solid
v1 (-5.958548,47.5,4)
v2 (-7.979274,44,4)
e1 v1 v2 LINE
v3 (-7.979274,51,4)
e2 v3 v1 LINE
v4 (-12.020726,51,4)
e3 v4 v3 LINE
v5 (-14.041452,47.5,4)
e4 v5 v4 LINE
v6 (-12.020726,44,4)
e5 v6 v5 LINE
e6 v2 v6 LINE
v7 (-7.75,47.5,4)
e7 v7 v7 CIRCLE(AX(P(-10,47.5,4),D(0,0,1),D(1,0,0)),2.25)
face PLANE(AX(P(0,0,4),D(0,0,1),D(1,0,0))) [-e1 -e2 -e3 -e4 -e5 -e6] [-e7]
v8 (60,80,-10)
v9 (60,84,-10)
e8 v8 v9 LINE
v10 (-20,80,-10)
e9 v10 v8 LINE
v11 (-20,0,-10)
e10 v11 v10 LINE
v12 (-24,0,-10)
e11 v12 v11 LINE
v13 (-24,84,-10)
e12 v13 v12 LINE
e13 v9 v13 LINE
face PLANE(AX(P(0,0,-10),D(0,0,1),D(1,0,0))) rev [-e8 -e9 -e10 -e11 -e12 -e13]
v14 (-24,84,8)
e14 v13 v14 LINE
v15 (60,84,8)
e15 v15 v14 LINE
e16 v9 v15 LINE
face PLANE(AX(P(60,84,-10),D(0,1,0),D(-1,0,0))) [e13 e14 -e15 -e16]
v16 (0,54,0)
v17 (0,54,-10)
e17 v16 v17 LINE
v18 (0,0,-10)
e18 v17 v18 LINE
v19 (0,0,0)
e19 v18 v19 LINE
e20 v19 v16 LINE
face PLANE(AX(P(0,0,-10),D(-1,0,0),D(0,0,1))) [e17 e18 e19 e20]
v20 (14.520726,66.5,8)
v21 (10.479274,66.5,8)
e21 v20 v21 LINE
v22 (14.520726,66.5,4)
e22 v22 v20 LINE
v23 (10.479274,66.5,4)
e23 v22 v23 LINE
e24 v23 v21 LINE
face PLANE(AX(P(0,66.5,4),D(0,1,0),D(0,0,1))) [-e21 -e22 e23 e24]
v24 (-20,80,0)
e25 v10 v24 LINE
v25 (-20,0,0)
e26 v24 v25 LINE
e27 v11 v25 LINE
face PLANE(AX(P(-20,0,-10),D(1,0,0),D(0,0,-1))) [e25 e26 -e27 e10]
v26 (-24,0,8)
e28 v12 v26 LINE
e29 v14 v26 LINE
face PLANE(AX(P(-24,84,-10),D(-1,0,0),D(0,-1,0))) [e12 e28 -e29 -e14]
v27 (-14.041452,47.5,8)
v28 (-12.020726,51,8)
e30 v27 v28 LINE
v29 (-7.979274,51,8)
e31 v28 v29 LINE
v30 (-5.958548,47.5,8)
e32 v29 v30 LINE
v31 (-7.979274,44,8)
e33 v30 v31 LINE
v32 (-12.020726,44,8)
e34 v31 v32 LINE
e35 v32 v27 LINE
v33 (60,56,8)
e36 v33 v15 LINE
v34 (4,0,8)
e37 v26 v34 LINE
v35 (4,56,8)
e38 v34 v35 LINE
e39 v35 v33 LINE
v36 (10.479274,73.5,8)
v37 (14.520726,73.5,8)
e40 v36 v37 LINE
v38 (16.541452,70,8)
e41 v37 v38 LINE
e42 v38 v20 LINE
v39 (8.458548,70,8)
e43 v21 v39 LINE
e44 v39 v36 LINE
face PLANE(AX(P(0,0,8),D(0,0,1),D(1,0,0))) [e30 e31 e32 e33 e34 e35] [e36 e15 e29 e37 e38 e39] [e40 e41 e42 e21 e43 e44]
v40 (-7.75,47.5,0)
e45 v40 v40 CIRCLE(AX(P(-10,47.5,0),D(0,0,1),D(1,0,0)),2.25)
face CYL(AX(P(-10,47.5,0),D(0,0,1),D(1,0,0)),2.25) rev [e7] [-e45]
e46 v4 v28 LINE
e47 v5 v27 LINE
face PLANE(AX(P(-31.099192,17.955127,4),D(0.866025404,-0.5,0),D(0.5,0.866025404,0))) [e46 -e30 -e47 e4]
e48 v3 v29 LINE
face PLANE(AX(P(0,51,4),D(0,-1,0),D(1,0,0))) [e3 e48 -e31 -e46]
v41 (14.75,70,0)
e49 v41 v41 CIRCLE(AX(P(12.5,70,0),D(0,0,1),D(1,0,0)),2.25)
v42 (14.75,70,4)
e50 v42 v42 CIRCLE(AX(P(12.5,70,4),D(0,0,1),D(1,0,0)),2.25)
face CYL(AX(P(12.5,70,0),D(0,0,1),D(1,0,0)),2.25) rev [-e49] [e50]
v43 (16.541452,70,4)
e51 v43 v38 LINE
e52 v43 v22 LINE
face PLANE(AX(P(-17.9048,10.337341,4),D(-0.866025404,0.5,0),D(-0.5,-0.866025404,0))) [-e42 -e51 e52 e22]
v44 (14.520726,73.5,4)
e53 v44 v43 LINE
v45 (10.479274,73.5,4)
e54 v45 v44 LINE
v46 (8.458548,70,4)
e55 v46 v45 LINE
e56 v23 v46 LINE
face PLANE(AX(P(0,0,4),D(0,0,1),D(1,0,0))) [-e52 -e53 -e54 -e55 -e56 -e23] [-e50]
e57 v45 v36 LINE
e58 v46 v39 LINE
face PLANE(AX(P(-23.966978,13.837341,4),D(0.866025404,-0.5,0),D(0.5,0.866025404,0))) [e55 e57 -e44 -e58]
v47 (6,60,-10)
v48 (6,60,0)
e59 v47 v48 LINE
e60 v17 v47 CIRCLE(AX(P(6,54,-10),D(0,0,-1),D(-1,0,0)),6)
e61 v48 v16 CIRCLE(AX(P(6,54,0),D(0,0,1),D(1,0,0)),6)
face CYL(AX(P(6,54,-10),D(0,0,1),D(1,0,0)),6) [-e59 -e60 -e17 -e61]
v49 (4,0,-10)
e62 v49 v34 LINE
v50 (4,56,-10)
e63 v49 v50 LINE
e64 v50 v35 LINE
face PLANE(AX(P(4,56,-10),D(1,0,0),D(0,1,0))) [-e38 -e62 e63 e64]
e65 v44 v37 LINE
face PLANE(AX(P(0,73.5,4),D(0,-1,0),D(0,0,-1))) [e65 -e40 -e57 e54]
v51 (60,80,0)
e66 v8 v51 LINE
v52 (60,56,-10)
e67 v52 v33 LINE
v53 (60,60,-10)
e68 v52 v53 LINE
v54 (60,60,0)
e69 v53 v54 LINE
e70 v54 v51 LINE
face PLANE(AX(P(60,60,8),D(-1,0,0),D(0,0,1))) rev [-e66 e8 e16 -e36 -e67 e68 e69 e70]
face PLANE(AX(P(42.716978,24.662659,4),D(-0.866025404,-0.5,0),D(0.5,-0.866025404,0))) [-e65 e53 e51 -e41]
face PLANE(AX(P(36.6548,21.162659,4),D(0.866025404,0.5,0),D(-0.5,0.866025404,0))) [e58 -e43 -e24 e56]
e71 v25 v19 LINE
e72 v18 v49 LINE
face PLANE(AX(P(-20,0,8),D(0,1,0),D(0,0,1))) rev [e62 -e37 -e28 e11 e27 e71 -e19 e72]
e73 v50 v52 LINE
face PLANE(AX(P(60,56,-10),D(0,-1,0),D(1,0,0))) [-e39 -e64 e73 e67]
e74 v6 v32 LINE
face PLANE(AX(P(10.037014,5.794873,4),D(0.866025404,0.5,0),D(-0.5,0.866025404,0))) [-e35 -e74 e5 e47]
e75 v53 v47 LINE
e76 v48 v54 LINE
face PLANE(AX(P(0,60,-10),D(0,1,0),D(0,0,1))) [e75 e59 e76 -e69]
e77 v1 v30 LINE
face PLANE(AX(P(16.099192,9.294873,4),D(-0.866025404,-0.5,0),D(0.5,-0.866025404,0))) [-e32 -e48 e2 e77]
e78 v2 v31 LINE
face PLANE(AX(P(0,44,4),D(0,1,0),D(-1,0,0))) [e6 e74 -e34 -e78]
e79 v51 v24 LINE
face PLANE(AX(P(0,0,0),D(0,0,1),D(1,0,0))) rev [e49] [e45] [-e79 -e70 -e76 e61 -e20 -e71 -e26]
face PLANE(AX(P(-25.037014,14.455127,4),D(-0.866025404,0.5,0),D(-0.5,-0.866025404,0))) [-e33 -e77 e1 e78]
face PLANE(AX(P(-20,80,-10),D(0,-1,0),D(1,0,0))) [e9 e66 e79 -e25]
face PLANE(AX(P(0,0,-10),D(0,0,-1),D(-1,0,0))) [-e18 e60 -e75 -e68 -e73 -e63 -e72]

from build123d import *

# Parameters (mm, degrees)
BOSS_EXTRU_1_DEPTH      = 8
ENL_V_MAT_EXTRU_1_DEPTH = 4
ESQUISSE3_R             = 2.25
ENL_V_MAT_EXTRU_2_DEPTH = 5
BOSS_EXTRU_2_DEPTH      = 18
CONG_1_R                = 6


with BuildPart() as part:
    # Esquisse1 → Boss.-Extru.1 (new body)
    with BuildSketch(Plane.XY):
        Polygon((0, 0), (0, 60), (60, 60), (60, 80), (-20, 80), (-20, 0), align=None)
    extrude(amount=BOSS_EXTRU_1_DEPTH)

    # Esquisse2 → Enlèv. mat.-Extru.1 (cut)
    with BuildSketch(Plane.XY.offset(8)):
        Polygon((-14.041451884, 47.5), (-12.020725942, 51), (-7.979274058, 51), (-5.958548116, 47.5), (-7.979274058, 44), (-12.020725942, 44), align=None)
        Polygon((8.458548116, 70), (10.479274058, 73.5), (14.520725942, 73.5), (16.541451884, 70), (14.520725942, 66.5), (10.479274058, 66.5), align=None)
    extrude(amount=-ENL_V_MAT_EXTRU_1_DEPTH, mode=Mode.SUBTRACT)

    # Esquisse3 → Enlèv. mat.-Extru.2 (cut, through all)
    with BuildSketch(Plane.XY.offset(4)):
        with Locations((-10, 47.5)):
            Circle(ESQUISSE3_R)
        with Locations((12.5, 70)):
            Circle(ESQUISSE3_R)
    extrude(amount=-ENL_V_MAT_EXTRU_2_DEPTH, mode=Mode.SUBTRACT)

    # Esquisse4 → Boss.-Extru.2 (add)
    with BuildSketch(Plane.XY.offset(8)):
        Polygon((0, 0), (0, 60), (60, 60), (60, 56), (4, 56), (4, 0), align=None)
        Polygon((60, 80), (60, 84), (-24, 84), (-24, 0), (-20, 0), (-20, 80), align=None)
    extrude(amount=-BOSS_EXTRU_2_DEPTH)

    # Congé1
    cong_1_edges = [part.edges().sort_by_distance(p)[0] for p in [
        (0, 60, -5),
    ]]
    fillet(cong_1_edges, radius=CONG_1_R)


solid = part.part
